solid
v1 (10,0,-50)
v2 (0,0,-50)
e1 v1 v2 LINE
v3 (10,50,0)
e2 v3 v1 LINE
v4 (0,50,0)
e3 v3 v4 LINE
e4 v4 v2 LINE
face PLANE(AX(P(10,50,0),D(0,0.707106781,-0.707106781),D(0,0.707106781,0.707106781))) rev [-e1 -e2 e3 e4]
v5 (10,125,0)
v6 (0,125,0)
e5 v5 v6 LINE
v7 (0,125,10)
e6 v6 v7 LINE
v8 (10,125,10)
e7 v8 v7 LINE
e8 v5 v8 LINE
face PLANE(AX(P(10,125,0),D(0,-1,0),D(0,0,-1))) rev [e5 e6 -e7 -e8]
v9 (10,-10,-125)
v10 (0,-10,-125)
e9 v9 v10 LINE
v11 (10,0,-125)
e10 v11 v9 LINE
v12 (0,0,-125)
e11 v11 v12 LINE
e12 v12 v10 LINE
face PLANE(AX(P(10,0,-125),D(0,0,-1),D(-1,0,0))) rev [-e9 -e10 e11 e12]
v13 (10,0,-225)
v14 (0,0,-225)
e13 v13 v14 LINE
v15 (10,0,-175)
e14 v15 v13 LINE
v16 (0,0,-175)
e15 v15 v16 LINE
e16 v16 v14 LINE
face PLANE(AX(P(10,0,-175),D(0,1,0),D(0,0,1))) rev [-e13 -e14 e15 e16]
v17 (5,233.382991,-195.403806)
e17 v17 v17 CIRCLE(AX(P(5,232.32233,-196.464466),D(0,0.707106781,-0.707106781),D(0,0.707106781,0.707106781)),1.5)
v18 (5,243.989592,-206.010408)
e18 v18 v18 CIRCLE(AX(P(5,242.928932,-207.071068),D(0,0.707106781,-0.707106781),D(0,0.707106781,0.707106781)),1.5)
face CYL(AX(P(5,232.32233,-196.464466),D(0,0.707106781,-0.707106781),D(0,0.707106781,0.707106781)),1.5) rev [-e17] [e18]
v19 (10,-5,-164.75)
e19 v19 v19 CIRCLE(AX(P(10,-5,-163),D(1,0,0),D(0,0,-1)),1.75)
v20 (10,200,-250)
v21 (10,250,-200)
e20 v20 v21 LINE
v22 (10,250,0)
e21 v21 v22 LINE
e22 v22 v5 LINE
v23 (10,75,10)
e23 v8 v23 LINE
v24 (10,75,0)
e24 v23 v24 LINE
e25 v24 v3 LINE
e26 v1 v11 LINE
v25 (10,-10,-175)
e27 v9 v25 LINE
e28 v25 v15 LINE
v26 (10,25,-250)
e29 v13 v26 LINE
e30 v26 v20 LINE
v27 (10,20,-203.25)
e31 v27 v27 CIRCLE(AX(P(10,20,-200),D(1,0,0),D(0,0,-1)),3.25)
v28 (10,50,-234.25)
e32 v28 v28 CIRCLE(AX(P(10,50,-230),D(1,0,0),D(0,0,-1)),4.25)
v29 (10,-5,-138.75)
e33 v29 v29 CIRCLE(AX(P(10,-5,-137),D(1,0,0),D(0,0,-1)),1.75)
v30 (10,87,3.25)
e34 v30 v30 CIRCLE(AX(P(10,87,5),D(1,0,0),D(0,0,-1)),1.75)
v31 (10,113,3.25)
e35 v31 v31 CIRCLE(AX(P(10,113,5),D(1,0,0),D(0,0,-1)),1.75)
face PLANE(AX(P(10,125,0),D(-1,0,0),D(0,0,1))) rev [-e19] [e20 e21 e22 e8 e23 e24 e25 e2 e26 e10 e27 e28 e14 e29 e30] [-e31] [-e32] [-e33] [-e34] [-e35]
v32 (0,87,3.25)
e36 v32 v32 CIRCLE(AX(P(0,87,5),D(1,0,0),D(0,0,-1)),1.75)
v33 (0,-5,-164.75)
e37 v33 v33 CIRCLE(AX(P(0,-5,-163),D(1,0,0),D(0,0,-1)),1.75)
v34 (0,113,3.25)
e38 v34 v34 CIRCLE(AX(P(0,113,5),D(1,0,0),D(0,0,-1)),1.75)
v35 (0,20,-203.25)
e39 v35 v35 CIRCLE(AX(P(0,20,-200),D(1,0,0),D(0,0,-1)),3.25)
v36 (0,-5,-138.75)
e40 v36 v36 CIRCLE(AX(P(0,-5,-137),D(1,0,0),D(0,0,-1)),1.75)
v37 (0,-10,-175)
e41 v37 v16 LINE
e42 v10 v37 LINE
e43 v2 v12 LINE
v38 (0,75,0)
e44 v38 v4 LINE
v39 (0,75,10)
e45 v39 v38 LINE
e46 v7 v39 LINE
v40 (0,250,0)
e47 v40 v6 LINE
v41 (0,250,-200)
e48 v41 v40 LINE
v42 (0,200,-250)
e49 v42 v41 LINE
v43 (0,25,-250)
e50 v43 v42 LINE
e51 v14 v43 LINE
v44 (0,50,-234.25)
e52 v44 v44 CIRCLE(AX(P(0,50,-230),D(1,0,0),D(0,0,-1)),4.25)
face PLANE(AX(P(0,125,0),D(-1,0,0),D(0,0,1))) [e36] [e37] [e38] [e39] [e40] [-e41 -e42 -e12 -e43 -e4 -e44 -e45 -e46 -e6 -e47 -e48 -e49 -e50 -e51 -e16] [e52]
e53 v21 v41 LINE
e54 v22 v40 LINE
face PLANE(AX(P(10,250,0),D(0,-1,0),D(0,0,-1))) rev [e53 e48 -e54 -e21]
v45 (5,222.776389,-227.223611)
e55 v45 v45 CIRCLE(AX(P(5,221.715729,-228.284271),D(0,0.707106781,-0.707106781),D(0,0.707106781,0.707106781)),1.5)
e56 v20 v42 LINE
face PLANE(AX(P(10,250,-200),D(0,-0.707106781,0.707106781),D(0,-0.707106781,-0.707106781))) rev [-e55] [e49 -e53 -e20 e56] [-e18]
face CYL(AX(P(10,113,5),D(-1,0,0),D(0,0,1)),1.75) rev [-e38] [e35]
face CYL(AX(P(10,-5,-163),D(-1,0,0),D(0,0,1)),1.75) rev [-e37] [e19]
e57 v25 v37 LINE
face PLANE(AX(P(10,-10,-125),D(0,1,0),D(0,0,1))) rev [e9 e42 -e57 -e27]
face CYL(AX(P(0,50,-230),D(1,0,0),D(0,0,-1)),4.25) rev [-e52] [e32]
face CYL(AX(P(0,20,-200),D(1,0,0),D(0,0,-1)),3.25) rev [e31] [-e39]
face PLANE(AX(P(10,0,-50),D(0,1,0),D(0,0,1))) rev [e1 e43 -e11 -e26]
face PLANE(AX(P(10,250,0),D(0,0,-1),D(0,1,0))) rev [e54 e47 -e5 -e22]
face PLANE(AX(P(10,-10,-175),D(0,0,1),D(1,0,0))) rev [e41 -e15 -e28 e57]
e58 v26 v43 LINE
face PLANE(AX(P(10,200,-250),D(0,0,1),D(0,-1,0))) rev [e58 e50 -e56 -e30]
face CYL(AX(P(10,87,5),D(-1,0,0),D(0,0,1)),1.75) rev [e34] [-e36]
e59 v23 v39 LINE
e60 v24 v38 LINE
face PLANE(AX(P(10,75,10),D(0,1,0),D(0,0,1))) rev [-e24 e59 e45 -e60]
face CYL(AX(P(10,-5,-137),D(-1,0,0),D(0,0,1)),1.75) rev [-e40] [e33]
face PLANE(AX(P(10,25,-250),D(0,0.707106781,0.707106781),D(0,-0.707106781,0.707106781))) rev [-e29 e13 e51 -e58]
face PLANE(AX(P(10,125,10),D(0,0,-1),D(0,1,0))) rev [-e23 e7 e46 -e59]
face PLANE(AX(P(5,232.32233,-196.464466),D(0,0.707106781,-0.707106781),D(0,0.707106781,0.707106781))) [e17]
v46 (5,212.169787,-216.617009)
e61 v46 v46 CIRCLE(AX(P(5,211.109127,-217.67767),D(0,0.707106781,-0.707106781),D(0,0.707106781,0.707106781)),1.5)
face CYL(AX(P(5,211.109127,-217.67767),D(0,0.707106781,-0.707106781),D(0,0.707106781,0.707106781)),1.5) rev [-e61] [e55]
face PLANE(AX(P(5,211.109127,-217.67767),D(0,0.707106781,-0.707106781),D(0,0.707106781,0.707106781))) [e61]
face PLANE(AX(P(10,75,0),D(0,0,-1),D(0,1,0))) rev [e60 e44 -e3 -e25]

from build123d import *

# Parameters (mm, degrees)
SKETCH1_R           = 1.75
BOSS_EXTRUDE1_DEPTH = 10
SKETCH2_R           = 1.5
CUT_EXTRUDE1_DEPTH  = 15
SKETCH3_R           = 4.25
SKETCH3_R_2         = 3.25
CUT_EXTRUDE2_DEPTH  = 354.694783677


with BuildPart() as part:
    # Sketch1 → Boss-Extrude1 (new body)
    with BuildSketch(Plane(origin=(0, 0, 0), x_dir=(0, 0, -1), z_dir=(1, 0, 0))):
        Polygon((50, 0), (125, 0), (125, -10), (175, -10), (175, 0), (225, 0), (250, 25), (250, 200), (200, 250), (0, 250), (0, 125), (-10, 125), (-10, 75), (0, 75), (0, 50), align=None)
        with Locations((-5, 113)):
            Circle(SKETCH1_R, mode=Mode.SUBTRACT)
        with Locations((-5, 87)):
            Circle(SKETCH1_R, mode=Mode.SUBTRACT)
        with Locations((137, -5)):
            Circle(SKETCH1_R, mode=Mode.SUBTRACT)
        with Locations((163, -5)):
            Circle(SKETCH1_R, mode=Mode.SUBTRACT)
    extrude(amount=BOSS_EXTRUDE1_DEPTH)

    # Sketch2 → Cut-Extrude1 (cut)
    with BuildSketch(Plane(origin=(0, 225, -225), x_dir=(1, 0, 0), z_dir=(0, 0.7071067811865477, -0.7071067811865475))):
        with Locations(Location((5, 4.644660941, 0), (0, 0, 270))):
            Circle(SKETCH2_R)
        with Locations(Location((5, -25.355339059, 0), (0, 0, 270))):
            Circle(SKETCH2_R)
    extrude(amount=-CUT_EXTRUDE1_DEPTH, mode=Mode.SUBTRACT)

    # Sketch3 → Cut-Extrude2 (cut, through all)
    with BuildSketch(Plane(origin=(10, 0, 0), x_dir=(0, 0, -1), z_dir=(1, 0, 0))):
        with Locations((230, 50)):
            Circle(SKETCH3_R)
        with Locations((200, 20)):
            Circle(SKETCH3_R_2)
    extrude(amount=-CUT_EXTRUDE2_DEPTH, mode=Mode.SUBTRACT)


solid = part.part
